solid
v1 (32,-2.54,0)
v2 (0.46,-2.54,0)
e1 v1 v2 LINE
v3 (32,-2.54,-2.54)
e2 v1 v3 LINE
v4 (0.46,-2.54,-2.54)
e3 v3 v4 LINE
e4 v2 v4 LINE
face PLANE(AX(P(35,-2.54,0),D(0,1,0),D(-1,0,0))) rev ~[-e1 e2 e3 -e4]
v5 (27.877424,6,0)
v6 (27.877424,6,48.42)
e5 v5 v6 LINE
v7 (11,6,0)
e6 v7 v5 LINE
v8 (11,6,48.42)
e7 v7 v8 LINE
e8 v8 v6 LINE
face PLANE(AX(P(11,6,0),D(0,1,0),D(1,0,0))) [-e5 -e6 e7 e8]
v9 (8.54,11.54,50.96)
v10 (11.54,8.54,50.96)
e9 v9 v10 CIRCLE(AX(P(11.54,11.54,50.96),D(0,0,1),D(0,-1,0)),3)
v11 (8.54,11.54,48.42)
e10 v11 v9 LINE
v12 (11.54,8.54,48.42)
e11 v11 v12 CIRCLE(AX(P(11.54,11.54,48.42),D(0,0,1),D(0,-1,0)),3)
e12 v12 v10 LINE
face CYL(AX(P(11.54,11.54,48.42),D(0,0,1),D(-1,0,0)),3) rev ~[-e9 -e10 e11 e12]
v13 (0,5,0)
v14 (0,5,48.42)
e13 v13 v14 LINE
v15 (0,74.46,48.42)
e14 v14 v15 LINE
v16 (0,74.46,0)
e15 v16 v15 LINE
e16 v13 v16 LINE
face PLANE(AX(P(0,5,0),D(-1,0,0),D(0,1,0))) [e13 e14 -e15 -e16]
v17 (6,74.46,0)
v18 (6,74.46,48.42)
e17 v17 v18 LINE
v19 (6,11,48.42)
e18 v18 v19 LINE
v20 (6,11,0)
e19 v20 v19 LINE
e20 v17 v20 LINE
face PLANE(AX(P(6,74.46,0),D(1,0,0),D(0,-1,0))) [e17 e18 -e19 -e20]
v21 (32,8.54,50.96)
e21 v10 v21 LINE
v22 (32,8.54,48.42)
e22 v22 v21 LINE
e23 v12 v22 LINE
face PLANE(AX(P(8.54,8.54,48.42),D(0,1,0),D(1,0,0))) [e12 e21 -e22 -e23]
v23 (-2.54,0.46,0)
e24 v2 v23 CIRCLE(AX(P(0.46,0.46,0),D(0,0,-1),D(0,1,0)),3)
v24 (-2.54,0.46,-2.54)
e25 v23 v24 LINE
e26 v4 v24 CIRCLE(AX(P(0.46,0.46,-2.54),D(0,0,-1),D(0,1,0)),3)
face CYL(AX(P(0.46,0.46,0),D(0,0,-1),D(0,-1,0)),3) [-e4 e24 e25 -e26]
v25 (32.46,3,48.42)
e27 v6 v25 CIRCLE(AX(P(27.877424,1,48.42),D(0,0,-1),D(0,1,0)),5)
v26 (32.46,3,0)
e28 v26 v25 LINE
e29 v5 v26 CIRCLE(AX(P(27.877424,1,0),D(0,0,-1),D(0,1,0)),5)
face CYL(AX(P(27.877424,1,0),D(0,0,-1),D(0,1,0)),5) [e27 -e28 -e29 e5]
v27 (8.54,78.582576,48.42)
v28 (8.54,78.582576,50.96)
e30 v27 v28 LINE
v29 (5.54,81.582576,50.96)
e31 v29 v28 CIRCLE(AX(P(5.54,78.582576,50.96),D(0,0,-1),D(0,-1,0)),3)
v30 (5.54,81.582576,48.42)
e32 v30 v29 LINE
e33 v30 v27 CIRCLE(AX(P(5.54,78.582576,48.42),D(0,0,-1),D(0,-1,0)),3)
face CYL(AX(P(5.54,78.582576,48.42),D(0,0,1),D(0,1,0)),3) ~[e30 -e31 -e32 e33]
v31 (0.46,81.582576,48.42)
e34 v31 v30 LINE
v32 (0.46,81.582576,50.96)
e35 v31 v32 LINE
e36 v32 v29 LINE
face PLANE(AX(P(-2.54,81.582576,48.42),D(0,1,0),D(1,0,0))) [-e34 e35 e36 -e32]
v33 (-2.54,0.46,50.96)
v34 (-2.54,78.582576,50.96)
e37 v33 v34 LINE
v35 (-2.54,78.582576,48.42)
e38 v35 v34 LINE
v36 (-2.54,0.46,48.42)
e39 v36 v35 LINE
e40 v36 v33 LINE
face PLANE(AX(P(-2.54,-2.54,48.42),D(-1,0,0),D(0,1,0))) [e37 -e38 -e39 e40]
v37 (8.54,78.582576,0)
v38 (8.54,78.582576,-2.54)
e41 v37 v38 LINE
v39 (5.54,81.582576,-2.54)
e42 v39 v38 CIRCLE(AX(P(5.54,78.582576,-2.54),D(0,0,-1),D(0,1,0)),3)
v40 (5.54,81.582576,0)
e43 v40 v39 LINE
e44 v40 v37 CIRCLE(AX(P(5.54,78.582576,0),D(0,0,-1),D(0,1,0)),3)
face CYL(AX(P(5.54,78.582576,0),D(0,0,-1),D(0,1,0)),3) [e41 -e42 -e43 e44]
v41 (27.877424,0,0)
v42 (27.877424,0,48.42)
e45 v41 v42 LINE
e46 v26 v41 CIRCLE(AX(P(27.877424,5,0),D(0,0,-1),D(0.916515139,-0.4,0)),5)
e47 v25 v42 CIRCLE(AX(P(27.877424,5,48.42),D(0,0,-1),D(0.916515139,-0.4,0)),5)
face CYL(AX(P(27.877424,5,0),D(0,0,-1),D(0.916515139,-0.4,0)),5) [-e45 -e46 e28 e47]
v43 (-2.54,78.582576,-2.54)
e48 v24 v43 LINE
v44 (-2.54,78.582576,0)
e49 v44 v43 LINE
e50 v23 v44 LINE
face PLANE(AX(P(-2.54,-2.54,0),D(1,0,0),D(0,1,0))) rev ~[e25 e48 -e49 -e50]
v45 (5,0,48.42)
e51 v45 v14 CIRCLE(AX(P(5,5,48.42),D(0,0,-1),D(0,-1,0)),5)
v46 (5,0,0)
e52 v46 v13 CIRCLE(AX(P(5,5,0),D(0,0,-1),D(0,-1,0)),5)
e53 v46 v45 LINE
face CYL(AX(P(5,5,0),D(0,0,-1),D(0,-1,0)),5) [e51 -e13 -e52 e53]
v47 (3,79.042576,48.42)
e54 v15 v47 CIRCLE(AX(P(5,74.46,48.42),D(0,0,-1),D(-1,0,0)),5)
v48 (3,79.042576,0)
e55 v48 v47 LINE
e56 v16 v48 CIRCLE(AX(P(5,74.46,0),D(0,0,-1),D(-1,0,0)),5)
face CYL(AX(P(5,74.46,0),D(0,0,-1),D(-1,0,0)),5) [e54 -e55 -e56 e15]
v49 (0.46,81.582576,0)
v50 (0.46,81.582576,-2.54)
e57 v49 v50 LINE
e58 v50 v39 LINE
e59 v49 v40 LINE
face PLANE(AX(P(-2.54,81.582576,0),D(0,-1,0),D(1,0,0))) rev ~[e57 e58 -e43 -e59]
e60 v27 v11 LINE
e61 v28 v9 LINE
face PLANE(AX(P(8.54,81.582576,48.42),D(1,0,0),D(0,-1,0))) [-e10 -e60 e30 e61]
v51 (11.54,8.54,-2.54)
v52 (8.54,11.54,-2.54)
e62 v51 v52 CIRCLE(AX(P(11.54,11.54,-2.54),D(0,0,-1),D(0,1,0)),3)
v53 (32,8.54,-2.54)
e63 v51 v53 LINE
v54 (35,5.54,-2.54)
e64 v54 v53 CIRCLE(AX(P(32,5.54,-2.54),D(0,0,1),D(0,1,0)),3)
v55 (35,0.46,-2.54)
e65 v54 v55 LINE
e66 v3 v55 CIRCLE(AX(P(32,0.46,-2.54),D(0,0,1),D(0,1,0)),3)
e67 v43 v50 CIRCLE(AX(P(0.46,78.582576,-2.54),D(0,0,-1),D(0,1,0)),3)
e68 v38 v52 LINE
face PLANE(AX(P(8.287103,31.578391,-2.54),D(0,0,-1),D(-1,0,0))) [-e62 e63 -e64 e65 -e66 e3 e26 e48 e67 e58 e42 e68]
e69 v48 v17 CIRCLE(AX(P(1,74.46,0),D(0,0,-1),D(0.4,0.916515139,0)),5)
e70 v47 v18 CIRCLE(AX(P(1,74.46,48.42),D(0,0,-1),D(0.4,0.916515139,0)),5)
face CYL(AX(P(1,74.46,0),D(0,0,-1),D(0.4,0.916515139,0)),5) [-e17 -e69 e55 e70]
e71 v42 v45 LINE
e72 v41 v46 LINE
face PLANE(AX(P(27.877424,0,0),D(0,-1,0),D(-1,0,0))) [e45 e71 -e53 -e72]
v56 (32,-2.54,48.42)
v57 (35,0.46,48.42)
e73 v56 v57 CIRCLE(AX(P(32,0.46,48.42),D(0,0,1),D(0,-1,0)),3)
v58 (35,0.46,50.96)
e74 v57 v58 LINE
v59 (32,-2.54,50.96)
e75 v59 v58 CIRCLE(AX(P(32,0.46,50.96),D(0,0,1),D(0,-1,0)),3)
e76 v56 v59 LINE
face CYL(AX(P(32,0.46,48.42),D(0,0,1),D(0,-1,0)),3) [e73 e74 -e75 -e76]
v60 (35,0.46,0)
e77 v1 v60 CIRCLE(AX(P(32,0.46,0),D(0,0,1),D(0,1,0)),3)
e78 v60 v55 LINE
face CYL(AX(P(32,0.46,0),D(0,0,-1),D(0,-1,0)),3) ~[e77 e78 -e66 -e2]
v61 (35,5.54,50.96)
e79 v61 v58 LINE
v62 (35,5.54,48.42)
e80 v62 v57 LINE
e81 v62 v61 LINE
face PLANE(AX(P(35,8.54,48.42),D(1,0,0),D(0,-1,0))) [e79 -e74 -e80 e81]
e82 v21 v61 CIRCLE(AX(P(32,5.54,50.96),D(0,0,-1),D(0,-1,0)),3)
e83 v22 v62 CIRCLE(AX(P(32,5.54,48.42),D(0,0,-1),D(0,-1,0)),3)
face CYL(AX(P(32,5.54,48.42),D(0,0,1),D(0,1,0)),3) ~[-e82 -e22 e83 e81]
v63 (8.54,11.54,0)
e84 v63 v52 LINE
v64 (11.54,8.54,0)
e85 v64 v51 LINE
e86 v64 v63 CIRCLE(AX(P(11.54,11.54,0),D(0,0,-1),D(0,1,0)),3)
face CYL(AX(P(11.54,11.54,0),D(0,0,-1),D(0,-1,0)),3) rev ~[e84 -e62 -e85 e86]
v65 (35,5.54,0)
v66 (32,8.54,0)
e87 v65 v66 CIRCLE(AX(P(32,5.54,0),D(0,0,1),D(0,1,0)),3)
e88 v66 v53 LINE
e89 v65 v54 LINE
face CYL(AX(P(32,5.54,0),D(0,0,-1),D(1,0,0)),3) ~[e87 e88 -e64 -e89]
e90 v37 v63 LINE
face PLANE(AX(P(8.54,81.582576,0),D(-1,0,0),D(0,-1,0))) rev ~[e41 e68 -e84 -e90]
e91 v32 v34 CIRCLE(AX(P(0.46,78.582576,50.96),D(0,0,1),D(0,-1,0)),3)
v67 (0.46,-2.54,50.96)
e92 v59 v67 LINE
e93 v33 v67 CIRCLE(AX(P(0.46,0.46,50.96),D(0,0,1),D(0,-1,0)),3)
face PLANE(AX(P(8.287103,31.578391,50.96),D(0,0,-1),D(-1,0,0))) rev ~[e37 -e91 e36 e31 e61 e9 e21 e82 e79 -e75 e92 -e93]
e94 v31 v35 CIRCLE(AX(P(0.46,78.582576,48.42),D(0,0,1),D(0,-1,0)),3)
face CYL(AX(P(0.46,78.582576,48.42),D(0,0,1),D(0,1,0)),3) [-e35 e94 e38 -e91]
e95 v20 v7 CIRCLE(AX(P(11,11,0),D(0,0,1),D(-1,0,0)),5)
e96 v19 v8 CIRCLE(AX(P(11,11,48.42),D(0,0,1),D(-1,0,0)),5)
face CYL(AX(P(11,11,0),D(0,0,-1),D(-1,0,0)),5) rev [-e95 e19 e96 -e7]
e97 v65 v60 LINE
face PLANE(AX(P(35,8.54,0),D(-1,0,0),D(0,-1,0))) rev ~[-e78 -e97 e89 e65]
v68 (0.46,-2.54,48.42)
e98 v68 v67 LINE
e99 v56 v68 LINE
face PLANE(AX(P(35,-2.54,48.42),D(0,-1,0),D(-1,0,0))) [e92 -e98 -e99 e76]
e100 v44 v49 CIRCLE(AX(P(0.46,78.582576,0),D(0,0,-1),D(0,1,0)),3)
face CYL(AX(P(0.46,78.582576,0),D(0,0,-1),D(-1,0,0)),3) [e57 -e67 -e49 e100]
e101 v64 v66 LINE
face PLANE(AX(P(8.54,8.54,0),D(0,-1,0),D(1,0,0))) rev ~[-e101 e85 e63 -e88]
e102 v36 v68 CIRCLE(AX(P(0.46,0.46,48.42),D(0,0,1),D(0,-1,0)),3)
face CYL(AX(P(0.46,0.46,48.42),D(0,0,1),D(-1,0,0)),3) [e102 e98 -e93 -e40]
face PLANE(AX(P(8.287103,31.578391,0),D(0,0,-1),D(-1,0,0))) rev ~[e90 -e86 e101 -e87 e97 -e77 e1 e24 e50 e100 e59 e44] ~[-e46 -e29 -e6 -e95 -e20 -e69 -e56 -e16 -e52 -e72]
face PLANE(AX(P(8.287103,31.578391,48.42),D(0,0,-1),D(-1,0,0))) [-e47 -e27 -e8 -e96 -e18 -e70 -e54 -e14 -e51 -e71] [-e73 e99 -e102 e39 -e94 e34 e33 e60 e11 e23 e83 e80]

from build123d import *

# Parameters (mm, degrees)
BOSS_EXTRUDE1_DEPTH = 48.42
BOSS_EXTRUDE2_DEPTH = 2.54
BOSS_EXTRUDE3_DEPTH = 2.54
FILLET1_R           = 3


with BuildPart() as part:
    # Sketch2 → Boss-Extrude1 (new body)
    with BuildSketch(Plane.XY):
        with BuildLine():
            Line((0, 5), (0, 74.46))
            ThreePointArc((0, 74.46), (0.816699867, 77.198612788), (3, 79.042575695))
            ThreePointArc((3, 79.042575695), (5.183300133, 77.198612788), (6, 74.46))
            Line((6, 74.46), (6, 11))
            ThreePointArc((6, 11), (7.464466094, 7.464466094), (11, 6))
            Line((11, 6), (27.877424305, 6))
            ThreePointArc((27.877424305, 6), (30.616037093, 5.183300133), (32.46, 3))
            ThreePointArc((32.46, 3), (30.616037093, 0.816699867), (27.877424305, 0))
            Line((27.877424305, 0), (6, 0))
            Line((6, 0), (5, 0))
            ThreePointArc((5, 0), (1.464466094, 1.464466094), (0, 5))
        make_face()
    extrude(amount=BOSS_EXTRUDE1_DEPTH)

    # Sketch3 → Boss-Extrude2 (add)
    with BuildSketch(Plane.XY.offset(48.42)):
        Polygon((-2.54, 81.582575695), (8.54, 81.582575695), (8.54, 8.54), (35, 8.54), (35, -2.54), (-2.54, -2.54), align=None)
    extrude(amount=BOSS_EXTRUDE2_DEPTH)

    # Sketch4 → Boss-Extrude3 (add)
    with BuildSketch(Plane(origin=(0, 0, 0), x_dir=(-1, 0, 0), z_dir=(0, 0, -1))):
        Polygon((-35, -2.54), (2.54, -2.54), (2.54, 81.582575695), (-8.54, 81.582575695), (-8.54, 8.54), (-35, 8.54), align=None)
    extrude(amount=BOSS_EXTRUDE3_DEPTH)

    # Fillet1
    fillet1_edges = [part.edges().sort_by_distance(p)[0] for p in [
        (-2.54, 81.582575695, 49.69),
        (-2.54, -2.54, 49.69),
        (35, -2.54, 49.69),
        (35, 8.54, 49.69),
        (8.54, 8.54, 49.69),
        (8.54, 81.582575695, 49.69),
        (35, 8.54, -1.27),
        (35, -2.54, -1.27),
        (-2.54, -2.54, -1.27),
        (-2.54, 81.582575695, -1.27),
        (8.54, 81.582575695, -1.27),
        (8.54, 8.54, -1.27),
    ]]
    fillet(fillet1_edges, radius=FILLET1_R)


solid = part.part
